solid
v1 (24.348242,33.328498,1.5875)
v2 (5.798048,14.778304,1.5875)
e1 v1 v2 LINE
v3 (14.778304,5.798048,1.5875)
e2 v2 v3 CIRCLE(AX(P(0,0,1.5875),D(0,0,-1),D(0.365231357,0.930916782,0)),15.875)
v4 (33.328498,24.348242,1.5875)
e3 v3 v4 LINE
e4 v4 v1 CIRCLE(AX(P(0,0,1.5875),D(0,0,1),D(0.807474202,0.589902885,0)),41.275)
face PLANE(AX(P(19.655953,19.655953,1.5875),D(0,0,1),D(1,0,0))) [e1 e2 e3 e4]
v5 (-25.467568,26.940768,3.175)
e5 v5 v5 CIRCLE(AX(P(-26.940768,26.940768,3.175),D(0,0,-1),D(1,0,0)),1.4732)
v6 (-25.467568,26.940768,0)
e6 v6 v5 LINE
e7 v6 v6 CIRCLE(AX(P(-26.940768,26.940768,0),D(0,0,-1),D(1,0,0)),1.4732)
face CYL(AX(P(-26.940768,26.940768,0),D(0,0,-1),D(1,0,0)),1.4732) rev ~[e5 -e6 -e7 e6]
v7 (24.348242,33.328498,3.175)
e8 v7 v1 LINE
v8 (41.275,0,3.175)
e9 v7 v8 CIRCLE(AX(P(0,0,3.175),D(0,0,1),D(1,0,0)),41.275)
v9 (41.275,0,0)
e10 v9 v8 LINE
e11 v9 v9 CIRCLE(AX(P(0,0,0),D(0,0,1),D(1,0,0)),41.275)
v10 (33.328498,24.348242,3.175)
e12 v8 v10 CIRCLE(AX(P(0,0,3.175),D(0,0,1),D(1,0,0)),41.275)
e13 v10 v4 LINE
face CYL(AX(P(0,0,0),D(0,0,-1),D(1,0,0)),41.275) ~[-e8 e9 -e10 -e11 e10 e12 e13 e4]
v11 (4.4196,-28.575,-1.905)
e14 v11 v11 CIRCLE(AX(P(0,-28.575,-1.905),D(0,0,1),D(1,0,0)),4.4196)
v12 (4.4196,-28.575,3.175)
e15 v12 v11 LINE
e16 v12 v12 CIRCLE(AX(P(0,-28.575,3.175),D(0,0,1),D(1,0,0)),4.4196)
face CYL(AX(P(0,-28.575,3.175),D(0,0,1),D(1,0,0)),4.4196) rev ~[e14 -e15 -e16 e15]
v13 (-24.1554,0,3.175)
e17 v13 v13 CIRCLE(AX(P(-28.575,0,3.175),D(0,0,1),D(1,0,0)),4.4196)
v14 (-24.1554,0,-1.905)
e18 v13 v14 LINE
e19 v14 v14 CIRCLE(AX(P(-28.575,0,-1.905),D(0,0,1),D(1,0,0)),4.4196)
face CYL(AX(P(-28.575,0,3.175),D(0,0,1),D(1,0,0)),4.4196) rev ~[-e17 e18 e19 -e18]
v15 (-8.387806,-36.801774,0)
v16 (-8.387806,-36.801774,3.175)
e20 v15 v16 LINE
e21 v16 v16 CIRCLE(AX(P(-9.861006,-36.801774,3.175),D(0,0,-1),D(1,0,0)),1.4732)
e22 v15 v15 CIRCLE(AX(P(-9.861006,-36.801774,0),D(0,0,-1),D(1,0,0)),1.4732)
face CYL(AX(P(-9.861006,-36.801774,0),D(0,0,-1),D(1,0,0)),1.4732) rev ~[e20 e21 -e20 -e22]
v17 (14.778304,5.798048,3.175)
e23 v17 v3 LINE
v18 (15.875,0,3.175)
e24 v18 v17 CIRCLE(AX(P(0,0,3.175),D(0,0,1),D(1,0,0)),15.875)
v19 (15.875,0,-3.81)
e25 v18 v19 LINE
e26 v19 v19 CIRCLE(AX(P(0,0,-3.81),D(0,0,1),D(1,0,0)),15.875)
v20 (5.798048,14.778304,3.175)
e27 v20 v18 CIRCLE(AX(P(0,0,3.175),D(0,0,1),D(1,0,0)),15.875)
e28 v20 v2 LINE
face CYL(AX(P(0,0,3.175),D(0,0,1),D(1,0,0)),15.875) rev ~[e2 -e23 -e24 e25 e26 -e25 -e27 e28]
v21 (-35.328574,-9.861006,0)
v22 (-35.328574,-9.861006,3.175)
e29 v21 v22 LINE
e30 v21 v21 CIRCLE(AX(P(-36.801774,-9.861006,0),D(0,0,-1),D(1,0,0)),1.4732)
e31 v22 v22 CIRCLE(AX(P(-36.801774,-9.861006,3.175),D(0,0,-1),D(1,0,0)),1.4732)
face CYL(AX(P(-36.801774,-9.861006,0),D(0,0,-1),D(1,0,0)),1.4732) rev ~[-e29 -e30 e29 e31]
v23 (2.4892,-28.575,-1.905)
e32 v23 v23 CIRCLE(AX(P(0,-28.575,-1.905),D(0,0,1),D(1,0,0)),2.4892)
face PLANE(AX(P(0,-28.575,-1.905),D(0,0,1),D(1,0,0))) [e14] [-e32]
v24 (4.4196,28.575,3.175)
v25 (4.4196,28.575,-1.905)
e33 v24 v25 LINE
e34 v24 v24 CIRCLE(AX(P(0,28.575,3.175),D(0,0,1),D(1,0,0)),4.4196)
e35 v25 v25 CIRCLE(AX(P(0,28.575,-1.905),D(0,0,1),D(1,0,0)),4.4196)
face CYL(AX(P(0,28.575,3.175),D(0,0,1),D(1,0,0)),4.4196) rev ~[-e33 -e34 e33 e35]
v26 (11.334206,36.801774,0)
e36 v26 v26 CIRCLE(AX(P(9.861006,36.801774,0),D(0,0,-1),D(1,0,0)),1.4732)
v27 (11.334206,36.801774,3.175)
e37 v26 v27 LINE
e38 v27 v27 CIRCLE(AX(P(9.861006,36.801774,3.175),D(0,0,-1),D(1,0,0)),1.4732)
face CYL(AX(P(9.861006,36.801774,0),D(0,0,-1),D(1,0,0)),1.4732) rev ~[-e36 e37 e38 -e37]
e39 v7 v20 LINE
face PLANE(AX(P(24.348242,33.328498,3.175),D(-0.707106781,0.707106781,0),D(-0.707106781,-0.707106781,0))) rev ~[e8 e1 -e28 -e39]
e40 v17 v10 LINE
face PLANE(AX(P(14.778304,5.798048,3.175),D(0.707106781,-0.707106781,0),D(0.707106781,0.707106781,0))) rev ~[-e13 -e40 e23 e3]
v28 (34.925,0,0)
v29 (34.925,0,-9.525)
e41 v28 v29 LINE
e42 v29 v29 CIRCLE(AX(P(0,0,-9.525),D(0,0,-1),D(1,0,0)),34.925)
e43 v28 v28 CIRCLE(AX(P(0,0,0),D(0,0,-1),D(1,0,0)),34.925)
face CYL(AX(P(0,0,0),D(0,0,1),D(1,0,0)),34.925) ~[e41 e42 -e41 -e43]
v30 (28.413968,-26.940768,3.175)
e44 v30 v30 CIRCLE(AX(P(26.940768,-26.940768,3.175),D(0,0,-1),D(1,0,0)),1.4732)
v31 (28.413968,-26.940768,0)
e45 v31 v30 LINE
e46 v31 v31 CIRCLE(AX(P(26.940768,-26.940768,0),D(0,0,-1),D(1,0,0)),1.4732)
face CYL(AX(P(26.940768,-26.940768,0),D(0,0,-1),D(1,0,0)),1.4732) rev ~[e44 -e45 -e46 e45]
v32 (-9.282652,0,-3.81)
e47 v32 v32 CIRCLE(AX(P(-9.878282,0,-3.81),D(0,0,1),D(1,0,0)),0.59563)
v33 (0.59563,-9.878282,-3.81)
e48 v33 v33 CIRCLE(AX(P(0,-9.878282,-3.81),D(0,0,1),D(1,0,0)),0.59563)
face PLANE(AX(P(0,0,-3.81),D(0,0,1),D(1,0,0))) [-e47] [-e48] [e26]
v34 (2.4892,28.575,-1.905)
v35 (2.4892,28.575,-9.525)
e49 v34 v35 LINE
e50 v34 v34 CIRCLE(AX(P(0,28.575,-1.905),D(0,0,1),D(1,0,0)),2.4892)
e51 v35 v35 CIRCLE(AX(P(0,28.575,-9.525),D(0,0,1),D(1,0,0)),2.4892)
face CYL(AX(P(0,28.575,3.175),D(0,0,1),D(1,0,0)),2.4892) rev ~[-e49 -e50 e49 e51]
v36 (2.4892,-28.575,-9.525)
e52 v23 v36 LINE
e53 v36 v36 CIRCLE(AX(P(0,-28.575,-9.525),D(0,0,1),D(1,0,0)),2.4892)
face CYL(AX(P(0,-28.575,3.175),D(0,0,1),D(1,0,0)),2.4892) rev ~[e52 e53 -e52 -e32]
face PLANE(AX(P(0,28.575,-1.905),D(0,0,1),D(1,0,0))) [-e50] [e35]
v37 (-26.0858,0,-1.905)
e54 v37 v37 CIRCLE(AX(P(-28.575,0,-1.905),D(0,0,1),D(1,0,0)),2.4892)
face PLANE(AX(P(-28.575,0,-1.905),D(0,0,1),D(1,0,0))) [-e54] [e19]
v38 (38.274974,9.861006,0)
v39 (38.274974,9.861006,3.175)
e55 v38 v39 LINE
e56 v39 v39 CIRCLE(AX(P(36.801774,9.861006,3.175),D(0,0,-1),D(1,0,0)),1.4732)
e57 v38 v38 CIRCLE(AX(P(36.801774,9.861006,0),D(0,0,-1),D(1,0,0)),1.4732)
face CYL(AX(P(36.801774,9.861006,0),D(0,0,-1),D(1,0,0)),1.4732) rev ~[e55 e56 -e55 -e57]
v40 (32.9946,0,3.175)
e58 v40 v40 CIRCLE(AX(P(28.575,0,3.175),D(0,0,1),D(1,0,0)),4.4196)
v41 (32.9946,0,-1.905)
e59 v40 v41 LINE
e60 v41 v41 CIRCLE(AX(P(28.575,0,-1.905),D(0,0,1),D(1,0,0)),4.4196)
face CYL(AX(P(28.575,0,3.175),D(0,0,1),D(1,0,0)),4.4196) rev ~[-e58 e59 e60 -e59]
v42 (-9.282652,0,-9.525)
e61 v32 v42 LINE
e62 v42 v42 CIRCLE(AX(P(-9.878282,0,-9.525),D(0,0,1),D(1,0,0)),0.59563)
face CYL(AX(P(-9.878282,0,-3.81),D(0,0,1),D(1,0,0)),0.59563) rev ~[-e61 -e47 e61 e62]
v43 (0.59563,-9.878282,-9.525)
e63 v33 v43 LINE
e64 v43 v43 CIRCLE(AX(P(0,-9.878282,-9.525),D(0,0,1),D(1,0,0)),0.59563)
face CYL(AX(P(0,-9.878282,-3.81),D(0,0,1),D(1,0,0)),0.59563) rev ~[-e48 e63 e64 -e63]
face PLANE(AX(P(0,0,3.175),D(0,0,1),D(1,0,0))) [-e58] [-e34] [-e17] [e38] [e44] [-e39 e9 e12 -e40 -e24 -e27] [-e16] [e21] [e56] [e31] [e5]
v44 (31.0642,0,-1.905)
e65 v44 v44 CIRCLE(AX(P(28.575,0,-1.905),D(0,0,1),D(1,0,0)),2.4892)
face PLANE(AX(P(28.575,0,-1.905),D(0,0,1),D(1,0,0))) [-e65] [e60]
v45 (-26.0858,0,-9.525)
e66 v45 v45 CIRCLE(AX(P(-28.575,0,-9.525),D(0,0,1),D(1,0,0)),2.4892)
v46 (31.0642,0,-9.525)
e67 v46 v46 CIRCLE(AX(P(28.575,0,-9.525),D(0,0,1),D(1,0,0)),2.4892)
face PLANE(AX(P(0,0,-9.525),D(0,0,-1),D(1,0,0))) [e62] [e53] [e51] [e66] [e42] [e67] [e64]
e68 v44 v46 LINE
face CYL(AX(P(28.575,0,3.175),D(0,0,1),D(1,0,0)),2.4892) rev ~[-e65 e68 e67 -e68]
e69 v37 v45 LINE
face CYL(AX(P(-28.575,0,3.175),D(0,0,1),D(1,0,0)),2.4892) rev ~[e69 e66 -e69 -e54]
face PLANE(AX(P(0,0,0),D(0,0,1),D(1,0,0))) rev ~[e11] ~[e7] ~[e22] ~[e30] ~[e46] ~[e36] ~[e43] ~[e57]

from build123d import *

# Parameters (mm, degrees)
F0_R      = 41.275
F1_DEPTH  = 3.175
F2_R      = 34.925
F3_DEPTH  = 9.525
F4_R      = 2.4892
F5_DEPTH  = 12.7
F6_R      = 4.4196
F7_DEPTH  = 5.08
F8_R      = 1.4732
F9_DEPTH  = 3.175
F10_R     = 15.875
F11_DEPTH = 6.985
F12_R     = 0.59563
F13_DEPTH = 5.716
F15_DEPTH = 1.5875


with BuildPart() as f1:
    # F0 (on Top) → F1 (new body)
    with BuildSketch(Plane.XY):
        Circle(F0_R)
    extrude(amount=F1_DEPTH)

    # F2 (on face) → F3 (join)
    with BuildSketch(Plane(origin=(0, 0, 0), x_dir=(1, 0, 0), z_dir=(0, 0, -1))):
        Circle(F2_R)
    extrude(amount=F3_DEPTH)

    # F4 (on face) → F5 (cut, through all)
    with BuildSketch(Plane.XY.offset(3.175)):
        with Locations((0, 28.575)):
            Circle(F4_R)
        with Locations((-28.575, 0)):
            Circle(F4_R)
        with Locations((0, -28.575)):
            Circle(F4_R)
        with Locations((28.575, 0)):
            Circle(F4_R)
    extrude(amount=-F5_DEPTH, mode=Mode.SUBTRACT)

    # F6 (on face) → F7 (cut)
    with BuildSketch(Plane.XY.offset(3.175)):
        with Locations((0, 28.575)):
            Circle(F6_R)
        with Locations((-28.575, 0)):
            Circle(F6_R)
        with Locations((0, -28.575)):
            Circle(F6_R)
        with Locations((28.575, 0)):
            Circle(F6_R)
    extrude(amount=-F7_DEPTH, mode=Mode.SUBTRACT)

    # F8 (on face) → F9 (cut, through all)
    with BuildSketch(Plane(origin=(0, 0, 0), x_dir=(1, 0, 0), z_dir=(0, 0, -1))):
        with Locations((9.8610056184, -36.8017739816)):
            Circle(F8_R)
        with Locations((36.8017739816, -9.8610056184)):
            Circle(F8_R)
        with Locations((26.9407683632, 26.9407683632)):
            Circle(F8_R)
        with Locations((-9.8610056184, 36.8017739816)):
            Circle(F8_R)
        with Locations((-36.8017739816, 9.8610056184)):
            Circle(F8_R)
        with Locations((-26.9407683632, -26.9407683632)):
            Circle(F8_R)
    extrude(amount=-F9_DEPTH, mode=Mode.SUBTRACT)

    # F10 (on face) → F11 (cut)
    with BuildSketch(Plane.XY.offset(3.175)):
        Circle(F10_R)
    extrude(amount=-F11_DEPTH, mode=Mode.SUBTRACT)

    # F12 (on face) → F13 (cut, through all)
    with BuildSketch(Plane.XY.offset(-3.81)):
        with Locations((-9.8782817332, 0)):
            Circle(F12_R)
        with Locations((0, -9.8782817332)):
            Circle(F12_R)
    extrude(amount=-F13_DEPTH, mode=Mode.SUBTRACT)

    # F14 (on face) → F15 (cut)
    with BuildSketch(Plane.XY.offset(3.175)):
        with BuildLine():
            Line((24.3482415622, 33.3284976833), (5.7980477982, 14.7783039193))
            ThreePointArc((5.7980477982, 14.7783039193), (11.2253201513, 11.2253201513), (14.7783039193, 5.7980477982))
            Line((14.7783039193, 5.7980477982), (33.3284976833, 24.3482415622))
            ThreePointArc((33.3284976833, 24.3482415622), (29.1858323935, 29.1858323935), (24.3482415622, 33.3284976833))
        make_face()
    extrude(amount=-F15_DEPTH, mode=Mode.SUBTRACT)


solid = f1.part
